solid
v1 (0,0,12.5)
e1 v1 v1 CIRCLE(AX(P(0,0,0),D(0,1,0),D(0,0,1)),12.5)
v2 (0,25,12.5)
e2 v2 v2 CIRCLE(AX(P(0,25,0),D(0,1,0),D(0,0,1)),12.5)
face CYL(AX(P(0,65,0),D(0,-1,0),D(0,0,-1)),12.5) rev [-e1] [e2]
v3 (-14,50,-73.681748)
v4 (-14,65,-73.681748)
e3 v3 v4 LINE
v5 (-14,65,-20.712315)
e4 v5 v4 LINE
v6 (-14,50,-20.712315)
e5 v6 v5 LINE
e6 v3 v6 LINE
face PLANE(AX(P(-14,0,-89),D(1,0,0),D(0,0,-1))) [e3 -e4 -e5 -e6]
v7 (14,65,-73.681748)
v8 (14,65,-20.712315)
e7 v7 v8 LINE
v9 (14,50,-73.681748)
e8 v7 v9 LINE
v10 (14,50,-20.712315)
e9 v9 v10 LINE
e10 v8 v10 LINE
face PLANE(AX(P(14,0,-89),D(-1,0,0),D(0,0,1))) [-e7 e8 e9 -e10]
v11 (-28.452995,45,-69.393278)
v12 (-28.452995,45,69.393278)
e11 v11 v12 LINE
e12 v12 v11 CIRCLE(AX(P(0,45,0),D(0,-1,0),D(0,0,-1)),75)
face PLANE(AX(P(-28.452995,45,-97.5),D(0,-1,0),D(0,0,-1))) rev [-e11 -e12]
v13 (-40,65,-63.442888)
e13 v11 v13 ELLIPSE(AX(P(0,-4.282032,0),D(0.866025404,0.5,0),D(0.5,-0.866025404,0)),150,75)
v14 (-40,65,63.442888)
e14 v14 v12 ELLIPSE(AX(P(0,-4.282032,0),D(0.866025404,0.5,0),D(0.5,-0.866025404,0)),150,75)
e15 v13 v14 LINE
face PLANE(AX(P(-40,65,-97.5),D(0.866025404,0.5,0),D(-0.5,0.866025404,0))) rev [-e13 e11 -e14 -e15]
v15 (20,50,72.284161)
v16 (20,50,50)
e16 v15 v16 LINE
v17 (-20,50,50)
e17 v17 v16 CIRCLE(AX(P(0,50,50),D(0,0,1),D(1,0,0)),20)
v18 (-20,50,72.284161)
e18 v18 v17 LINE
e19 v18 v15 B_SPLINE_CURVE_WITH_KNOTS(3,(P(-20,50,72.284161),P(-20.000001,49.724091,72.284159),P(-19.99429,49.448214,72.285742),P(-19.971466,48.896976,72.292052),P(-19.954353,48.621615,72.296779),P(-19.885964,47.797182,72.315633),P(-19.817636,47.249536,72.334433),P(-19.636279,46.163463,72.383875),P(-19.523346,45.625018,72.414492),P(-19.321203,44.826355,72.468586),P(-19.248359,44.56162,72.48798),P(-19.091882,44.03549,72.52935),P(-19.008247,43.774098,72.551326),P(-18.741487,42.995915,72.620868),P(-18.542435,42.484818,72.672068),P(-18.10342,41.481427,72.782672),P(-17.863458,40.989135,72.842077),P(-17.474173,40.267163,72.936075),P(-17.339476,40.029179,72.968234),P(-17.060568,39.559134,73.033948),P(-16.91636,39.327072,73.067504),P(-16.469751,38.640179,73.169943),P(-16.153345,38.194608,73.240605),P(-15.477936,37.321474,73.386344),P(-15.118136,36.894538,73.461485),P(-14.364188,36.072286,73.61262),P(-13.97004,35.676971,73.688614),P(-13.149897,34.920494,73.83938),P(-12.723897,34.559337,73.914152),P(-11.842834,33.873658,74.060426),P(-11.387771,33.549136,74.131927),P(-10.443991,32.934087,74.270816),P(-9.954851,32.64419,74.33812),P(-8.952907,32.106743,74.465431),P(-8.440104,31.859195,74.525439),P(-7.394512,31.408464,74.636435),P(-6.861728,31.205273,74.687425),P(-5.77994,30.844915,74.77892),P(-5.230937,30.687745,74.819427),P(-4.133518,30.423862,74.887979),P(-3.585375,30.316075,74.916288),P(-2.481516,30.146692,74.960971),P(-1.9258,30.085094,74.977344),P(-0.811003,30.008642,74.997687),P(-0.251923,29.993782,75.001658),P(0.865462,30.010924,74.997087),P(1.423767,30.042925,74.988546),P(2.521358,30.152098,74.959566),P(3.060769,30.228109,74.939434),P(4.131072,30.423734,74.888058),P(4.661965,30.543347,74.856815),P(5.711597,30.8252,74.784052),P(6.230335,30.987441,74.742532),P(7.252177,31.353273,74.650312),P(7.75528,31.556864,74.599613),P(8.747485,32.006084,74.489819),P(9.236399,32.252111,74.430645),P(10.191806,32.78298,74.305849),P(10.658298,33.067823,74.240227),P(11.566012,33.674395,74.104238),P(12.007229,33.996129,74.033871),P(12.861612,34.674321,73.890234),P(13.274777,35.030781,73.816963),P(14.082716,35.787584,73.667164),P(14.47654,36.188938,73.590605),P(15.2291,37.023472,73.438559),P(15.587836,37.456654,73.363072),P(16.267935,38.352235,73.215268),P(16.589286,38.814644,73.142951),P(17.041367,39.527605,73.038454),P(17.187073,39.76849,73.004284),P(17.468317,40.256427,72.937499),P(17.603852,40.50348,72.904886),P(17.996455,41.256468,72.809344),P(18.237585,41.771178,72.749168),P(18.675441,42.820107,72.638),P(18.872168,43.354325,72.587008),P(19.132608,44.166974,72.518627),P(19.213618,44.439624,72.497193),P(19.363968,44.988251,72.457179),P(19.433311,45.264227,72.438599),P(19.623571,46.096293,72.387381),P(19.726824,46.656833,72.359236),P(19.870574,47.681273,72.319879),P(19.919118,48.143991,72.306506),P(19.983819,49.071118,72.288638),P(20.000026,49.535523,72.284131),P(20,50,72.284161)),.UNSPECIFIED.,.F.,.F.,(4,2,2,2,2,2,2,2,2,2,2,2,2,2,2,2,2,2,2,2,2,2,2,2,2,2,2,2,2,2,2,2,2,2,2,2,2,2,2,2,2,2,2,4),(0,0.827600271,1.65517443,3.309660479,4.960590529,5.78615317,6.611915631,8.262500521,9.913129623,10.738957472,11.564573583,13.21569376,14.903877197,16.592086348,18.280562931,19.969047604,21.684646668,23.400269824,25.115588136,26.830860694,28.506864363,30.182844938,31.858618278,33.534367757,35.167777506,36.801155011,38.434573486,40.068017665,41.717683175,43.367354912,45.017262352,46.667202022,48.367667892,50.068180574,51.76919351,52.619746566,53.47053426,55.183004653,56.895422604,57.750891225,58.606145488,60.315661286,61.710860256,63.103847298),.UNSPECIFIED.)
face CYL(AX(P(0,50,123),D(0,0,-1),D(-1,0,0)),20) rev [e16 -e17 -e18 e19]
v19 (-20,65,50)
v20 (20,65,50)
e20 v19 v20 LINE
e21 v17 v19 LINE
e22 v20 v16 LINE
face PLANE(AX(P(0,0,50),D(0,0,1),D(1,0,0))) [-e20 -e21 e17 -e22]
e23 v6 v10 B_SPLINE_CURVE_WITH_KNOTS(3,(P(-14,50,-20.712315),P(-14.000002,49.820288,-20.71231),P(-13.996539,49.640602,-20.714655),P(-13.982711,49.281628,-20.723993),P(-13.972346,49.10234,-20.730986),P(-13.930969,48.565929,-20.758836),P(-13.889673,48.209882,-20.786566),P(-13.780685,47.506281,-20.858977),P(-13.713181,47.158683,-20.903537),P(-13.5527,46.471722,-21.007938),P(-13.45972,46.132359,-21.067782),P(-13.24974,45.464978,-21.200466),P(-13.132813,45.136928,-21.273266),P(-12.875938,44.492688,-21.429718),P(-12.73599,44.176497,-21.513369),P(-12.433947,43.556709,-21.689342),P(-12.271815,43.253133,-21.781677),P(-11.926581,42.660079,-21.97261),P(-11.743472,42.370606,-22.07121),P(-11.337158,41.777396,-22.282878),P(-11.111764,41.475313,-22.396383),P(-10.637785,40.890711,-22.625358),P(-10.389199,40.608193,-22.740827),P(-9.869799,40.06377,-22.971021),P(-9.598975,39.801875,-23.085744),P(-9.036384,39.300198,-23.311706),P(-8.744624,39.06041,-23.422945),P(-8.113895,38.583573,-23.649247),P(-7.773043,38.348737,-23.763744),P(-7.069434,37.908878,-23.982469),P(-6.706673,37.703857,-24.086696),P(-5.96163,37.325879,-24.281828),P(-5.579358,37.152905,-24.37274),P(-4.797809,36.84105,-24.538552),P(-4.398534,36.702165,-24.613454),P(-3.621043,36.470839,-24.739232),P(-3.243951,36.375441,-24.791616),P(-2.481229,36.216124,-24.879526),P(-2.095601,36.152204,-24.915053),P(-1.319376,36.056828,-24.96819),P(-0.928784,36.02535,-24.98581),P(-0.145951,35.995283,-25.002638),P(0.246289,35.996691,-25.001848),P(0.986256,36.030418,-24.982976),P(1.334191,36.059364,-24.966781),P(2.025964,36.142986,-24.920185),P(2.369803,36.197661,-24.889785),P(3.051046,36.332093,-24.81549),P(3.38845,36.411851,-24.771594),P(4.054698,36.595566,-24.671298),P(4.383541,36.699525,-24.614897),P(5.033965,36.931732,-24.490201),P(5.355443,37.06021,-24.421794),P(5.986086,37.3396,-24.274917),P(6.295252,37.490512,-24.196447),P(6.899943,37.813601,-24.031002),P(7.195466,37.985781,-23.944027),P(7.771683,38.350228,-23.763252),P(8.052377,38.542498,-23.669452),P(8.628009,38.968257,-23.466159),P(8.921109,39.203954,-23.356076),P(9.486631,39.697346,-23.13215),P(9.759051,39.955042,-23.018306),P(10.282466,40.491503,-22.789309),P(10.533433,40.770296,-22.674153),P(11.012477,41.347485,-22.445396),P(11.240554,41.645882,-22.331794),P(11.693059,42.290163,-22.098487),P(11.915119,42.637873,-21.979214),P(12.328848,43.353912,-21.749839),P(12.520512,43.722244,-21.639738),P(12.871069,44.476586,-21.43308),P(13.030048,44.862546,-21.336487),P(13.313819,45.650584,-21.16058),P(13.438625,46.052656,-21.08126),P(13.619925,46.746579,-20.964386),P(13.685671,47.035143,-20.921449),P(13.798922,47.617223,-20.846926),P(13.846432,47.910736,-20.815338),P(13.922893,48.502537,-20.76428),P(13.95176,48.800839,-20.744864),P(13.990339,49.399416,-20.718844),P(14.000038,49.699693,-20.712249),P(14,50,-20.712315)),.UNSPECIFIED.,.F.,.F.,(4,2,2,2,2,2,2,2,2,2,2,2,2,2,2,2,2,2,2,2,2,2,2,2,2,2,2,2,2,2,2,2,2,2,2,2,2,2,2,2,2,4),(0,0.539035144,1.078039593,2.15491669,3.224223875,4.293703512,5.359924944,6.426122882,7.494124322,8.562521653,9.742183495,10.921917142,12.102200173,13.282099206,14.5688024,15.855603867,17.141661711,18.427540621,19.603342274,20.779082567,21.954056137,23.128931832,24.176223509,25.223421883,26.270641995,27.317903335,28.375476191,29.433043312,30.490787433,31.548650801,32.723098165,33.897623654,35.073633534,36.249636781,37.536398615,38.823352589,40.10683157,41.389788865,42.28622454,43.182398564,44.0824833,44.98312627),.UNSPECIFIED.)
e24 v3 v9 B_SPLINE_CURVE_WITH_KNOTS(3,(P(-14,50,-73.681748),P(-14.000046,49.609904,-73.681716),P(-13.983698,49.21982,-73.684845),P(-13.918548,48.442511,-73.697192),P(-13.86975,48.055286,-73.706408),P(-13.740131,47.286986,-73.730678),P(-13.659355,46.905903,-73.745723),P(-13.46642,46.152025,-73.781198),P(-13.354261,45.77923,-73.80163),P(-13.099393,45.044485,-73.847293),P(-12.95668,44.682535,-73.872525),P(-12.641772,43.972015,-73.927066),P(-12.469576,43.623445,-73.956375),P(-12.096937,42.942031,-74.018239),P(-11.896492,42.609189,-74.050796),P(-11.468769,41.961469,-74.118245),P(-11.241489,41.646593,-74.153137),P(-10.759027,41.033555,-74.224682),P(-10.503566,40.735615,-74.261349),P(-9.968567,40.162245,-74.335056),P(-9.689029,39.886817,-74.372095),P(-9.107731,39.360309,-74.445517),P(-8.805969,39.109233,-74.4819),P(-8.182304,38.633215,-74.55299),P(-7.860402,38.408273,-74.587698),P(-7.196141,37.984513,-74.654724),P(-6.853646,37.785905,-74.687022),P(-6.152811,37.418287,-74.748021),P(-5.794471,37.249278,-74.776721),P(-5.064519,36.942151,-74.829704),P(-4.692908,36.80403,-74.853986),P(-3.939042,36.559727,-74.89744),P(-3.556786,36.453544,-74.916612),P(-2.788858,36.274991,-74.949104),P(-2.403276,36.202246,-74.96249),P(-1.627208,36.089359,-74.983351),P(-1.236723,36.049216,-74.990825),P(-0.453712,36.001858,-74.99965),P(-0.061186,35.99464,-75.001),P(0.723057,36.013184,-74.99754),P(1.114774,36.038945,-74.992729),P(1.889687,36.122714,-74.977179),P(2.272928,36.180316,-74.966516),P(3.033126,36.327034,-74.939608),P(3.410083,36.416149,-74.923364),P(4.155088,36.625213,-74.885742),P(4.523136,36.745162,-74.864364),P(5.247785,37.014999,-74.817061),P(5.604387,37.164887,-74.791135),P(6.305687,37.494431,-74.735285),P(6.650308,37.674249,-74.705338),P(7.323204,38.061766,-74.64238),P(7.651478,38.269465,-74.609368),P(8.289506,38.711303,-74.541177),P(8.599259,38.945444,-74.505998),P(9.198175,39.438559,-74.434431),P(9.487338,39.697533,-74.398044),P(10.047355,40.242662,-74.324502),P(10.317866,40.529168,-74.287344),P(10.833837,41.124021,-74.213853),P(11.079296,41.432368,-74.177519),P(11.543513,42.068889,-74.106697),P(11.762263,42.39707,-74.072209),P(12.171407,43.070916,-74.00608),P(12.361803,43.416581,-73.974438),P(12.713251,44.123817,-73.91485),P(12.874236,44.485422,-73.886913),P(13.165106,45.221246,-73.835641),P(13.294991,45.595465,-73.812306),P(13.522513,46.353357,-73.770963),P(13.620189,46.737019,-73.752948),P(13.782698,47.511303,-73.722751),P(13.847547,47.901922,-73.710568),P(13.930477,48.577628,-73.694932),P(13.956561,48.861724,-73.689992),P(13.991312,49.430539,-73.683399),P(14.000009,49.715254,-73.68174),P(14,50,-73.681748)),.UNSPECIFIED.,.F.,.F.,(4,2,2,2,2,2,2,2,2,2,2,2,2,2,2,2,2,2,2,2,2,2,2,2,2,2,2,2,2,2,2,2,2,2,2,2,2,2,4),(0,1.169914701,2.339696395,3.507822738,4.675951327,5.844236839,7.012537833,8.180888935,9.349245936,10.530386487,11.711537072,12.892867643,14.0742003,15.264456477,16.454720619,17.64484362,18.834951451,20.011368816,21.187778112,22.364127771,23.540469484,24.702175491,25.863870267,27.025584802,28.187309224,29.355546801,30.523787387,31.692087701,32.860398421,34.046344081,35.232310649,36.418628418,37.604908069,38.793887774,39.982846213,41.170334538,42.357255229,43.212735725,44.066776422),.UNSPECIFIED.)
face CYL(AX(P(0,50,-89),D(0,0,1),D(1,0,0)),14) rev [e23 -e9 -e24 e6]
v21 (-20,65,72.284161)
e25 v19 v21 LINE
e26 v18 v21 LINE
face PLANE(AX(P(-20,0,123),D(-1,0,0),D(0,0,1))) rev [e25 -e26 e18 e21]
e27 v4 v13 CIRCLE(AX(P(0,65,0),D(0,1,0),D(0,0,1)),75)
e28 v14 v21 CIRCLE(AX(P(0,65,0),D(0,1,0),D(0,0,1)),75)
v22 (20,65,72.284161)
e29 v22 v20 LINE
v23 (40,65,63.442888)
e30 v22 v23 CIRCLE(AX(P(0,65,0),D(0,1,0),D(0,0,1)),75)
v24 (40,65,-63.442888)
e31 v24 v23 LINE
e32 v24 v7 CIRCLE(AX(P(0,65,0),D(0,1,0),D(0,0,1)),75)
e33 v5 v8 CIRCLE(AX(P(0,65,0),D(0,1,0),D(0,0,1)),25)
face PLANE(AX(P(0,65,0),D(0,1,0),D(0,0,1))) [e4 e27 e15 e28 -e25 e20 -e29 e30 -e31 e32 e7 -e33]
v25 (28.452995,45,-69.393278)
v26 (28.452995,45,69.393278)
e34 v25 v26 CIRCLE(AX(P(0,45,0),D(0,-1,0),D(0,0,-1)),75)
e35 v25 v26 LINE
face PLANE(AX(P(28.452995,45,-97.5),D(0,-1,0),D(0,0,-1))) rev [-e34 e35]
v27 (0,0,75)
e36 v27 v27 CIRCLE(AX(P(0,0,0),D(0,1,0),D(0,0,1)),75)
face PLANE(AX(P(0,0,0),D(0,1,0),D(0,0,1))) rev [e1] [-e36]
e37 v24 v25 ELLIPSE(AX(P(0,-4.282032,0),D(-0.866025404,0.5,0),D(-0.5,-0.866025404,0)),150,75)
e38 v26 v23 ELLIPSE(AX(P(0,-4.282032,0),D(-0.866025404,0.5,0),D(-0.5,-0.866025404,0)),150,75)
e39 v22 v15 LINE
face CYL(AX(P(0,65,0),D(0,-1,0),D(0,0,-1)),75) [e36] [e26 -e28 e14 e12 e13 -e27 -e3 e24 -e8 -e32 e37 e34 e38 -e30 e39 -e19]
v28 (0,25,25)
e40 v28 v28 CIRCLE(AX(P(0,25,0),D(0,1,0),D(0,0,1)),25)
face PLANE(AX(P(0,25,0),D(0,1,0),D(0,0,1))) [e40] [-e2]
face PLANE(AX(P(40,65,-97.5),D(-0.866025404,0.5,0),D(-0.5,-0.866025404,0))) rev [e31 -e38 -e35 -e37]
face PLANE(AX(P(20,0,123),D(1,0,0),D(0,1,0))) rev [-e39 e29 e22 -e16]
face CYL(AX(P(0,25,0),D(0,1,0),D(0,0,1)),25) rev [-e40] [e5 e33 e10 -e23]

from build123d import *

# Parameters (mm, degrees)
SKETCH2_R           = 75
SKETCH2_R_2         = 12.5
BOSS_EXTRUDE1_DEPTH = 65
SKETCH3_R           = 14
CUT_EXTRUDE1_DEPTH  = 89
SKETCH4_R           = 25
CUT_EXTRUDE2_DEPTH  = 40
CUT_EXTRUDE3_DEPTH  = 97.5
SKETCH7_R           = 20
CUT_EXTRUDE4_DEPTH  = 73


with BuildPart() as part:
    # Sketch2 → Boss-Extrude1 (new body)
    with BuildSketch(Plane(origin=(0, 0, 0), x_dir=(1, 0, 0), z_dir=(0, 1, 0))):
        with Locations(Location((0, 0, 0), (0, 0, 270))):
            Circle(SKETCH2_R)
        with Locations(Location((0, 0, 0), (0, 0, 270))):
            Circle(SKETCH2_R_2, mode=Mode.SUBTRACT)
    extrude(amount=BOSS_EXTRUDE1_DEPTH)

    # Sketch3 → Cut-Extrude1 (cut)
    with BuildSketch(Plane.XY):
        with BuildLine():
            Line((-14, 77.852422798), (-14, 50))
            ThreePointArc((-14, 50), (0, 64), (14, 50))
            Line((14, 50), (14, 77.852422798))
            Line((14, 77.852422798), (-14, 77.852422798))
        make_face()
        with Locations((0, 50)):
            Circle(SKETCH3_R)
    extrude(amount=-CUT_EXTRUDE1_DEPTH, mode=Mode.SUBTRACT)

    # Sketch4 → Cut-Extrude2 (cut)
    with BuildSketch(Plane(origin=(0, 65, 0), x_dir=(1, 0, 0), z_dir=(0, 1, 0))):
        with Locations(Location((0, 0, 0), (0, 0, 270))):
            Circle(SKETCH4_R)
    extrude(amount=-CUT_EXTRUDE2_DEPTH, mode=Mode.SUBTRACT)

    # Sketch5 → Cut-Extrude3 (cut, symmetric)
    with BuildSketch(Plane.XY):
        Polygon((-75, 65), (-40, 65), (-28.452994616, 45), (-75, 45), align=None)
        Polygon((75, 65), (40, 65), (28.452994616, 45), (75, 45), align=None)
    extrude(amount=CUT_EXTRUDE3_DEPTH, both=True, mode=Mode.SUBTRACT)

    # Sketch7 → Cut-Extrude4 (cut)
    with BuildSketch(Plane.XY.offset(50)):
        with Locations((0, 50)):
            Circle(SKETCH7_R)
        with BuildLine():
            Line((-20, 82.212313003), (-20, 50))
            ThreePointArc((-20, 50), (0, 70), (20, 50))
            Line((20, 50), (20, 82.212313003))
            Line((20, 82.212313003), (-20, 82.212313003))
        make_face()
    extrude(amount=CUT_EXTRUDE4_DEPTH, mode=Mode.SUBTRACT)


solid = part.part
